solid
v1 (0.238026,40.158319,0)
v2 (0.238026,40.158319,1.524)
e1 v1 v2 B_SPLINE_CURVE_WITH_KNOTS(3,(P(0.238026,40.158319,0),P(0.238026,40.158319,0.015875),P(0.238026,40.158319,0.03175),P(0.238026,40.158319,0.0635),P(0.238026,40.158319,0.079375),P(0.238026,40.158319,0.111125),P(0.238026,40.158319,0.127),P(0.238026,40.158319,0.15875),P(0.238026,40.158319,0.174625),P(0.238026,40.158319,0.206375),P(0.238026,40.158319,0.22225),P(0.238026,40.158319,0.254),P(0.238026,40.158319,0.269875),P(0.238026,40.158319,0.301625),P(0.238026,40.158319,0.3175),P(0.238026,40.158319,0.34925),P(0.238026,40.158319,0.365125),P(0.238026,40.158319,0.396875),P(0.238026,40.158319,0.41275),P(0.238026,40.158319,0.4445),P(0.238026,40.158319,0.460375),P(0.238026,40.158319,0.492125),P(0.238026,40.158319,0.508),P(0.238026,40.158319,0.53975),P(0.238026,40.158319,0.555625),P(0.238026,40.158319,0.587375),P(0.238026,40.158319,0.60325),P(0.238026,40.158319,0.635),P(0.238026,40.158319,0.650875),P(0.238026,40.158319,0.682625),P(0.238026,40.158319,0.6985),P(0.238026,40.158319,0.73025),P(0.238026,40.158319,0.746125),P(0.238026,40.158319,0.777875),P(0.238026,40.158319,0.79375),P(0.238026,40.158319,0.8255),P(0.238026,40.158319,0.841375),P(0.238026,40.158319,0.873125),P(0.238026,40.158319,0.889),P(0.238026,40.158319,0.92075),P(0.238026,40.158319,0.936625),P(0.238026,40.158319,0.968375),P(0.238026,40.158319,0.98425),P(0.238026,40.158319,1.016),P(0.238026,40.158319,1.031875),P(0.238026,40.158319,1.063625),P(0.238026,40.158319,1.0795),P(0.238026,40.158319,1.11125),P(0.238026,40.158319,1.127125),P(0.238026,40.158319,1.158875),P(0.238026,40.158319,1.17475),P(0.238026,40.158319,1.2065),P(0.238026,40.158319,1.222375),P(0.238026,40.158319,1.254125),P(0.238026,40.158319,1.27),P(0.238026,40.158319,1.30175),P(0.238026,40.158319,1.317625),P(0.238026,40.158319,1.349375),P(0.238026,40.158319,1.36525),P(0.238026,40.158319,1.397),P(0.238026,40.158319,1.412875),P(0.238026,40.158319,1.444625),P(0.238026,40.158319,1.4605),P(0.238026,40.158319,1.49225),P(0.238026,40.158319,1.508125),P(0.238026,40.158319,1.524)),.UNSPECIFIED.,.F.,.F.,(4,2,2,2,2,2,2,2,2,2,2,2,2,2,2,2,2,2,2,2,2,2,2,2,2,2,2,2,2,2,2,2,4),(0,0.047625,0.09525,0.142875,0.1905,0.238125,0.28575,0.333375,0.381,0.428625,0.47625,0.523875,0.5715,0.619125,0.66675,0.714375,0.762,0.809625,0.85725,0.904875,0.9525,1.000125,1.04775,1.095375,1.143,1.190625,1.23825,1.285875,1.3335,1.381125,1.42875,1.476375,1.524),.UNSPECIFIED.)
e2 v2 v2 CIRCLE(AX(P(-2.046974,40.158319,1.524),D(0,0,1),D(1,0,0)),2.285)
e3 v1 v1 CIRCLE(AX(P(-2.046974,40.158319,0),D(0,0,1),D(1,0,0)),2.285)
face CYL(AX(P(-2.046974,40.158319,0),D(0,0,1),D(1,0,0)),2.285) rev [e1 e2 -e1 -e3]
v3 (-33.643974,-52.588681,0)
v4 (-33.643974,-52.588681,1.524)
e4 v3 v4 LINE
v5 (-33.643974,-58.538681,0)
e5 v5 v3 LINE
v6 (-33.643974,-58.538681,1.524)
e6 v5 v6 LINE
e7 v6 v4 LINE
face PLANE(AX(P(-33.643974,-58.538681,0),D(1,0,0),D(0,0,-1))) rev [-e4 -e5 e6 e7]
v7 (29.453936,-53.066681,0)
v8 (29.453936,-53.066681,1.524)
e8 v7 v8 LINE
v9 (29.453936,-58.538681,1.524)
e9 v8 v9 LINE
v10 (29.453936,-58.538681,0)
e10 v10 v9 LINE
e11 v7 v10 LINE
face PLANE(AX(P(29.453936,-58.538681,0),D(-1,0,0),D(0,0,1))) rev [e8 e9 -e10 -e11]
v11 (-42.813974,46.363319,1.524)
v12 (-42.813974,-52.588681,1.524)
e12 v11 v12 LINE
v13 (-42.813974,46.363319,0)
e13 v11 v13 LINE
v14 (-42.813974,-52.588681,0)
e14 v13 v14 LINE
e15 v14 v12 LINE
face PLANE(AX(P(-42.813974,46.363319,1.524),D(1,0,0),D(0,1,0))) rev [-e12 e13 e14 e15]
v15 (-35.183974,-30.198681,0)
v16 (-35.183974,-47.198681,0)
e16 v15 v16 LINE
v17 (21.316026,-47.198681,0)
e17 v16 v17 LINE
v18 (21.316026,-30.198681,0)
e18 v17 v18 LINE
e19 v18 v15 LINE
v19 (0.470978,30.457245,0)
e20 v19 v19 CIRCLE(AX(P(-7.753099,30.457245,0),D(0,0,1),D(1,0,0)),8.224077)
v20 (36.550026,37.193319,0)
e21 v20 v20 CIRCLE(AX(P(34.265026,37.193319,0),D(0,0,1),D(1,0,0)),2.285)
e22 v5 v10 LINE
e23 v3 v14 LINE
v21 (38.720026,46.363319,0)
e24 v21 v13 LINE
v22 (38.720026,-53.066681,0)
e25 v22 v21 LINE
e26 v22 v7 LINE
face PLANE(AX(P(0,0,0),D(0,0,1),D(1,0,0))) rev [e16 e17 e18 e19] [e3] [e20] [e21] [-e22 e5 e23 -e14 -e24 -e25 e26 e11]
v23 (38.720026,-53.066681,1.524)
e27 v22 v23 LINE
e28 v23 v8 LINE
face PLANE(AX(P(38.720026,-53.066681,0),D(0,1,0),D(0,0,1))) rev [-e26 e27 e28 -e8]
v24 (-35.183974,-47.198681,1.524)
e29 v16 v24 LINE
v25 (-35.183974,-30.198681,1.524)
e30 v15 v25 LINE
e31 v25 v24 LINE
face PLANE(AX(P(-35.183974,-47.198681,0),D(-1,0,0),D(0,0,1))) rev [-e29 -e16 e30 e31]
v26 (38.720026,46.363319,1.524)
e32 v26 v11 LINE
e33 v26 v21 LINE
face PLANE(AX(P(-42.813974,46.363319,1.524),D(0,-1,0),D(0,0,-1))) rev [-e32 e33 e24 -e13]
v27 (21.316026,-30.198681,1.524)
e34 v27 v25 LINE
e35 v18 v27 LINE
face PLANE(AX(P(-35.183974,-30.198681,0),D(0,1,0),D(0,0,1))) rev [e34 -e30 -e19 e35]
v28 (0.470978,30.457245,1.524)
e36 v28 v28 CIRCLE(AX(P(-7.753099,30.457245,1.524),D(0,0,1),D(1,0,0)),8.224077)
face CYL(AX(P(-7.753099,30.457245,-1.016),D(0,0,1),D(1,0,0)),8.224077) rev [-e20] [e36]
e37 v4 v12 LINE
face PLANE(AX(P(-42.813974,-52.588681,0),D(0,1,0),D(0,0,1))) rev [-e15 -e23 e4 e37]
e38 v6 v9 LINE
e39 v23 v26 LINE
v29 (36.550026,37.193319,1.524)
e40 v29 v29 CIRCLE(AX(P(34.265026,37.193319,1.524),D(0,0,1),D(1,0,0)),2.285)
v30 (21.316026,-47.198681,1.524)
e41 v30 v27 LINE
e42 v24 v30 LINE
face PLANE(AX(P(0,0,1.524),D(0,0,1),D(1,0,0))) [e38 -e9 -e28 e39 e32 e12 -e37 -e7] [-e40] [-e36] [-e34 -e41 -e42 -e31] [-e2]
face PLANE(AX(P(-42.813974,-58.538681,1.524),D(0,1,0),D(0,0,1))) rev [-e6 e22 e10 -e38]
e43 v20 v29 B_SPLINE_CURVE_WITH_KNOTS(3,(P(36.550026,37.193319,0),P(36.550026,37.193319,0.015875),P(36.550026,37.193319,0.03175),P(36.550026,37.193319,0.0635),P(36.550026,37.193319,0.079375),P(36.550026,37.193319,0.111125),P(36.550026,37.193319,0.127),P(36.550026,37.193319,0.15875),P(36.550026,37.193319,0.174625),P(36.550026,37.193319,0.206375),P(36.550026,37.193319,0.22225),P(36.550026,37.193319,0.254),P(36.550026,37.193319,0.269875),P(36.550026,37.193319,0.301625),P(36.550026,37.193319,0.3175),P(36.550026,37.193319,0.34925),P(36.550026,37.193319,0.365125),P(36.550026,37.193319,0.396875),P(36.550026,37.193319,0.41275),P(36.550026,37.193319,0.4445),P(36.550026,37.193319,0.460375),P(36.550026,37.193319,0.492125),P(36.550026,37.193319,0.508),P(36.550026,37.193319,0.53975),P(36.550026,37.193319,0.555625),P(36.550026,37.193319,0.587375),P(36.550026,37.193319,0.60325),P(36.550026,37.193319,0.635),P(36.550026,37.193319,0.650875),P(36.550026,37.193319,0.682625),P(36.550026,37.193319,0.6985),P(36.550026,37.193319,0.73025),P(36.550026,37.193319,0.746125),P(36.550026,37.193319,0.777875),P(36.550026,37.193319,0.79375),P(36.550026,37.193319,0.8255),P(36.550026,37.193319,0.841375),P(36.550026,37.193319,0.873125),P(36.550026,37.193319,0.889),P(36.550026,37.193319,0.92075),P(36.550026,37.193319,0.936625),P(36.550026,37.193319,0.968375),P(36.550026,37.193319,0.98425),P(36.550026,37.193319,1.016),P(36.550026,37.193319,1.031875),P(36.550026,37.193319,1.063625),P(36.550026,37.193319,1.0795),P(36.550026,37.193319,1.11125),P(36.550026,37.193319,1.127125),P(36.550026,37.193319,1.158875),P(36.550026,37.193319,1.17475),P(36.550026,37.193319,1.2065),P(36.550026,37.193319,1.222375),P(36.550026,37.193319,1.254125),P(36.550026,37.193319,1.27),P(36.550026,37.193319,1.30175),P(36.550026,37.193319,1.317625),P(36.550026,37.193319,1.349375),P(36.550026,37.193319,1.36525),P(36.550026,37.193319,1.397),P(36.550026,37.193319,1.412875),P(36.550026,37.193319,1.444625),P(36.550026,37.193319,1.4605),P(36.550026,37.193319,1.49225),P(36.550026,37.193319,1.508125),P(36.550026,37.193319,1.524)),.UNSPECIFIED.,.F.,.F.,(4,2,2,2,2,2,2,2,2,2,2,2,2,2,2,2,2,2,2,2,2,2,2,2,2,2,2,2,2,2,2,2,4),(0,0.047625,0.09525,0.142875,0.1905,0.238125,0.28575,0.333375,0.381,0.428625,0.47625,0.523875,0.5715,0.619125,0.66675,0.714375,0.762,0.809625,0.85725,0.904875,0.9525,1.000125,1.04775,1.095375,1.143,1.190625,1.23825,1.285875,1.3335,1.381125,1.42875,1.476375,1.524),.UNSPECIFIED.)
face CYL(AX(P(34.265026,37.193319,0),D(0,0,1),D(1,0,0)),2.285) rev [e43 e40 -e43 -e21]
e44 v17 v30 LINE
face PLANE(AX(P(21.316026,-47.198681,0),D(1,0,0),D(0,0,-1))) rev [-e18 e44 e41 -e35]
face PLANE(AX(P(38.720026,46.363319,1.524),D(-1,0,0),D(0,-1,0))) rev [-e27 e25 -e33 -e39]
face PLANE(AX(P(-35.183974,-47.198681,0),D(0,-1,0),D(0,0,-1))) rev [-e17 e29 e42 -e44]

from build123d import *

# Parameters (mm, degrees)
SKETCH1_W           = 81.534
SKETCH1_H           = 104.902
BOSS_EXTRUDE1_DEPTH = 1.524
SKETCH2_W           = 9.17
SKETCH2_H           = 5.95
SKETCH2_W_2         = 9.266089767
SKETCH2_H_2         = 5.472
CUT_EXTRUDE1_DEPTH  = 1.524
SKETCH4_W           = 56.5
SKETCH4_H           = 17
CUT_EXTRUDE2_DEPTH  = 1.524
SKETCH6_R           = 2.285
CUT_EXTRUDE3_DEPTH  = 1.524
SKETCH8_R           = 8.224077239
CUT_EXTRUDE4_DEPTH  = 2.54


with BuildPart() as part:
    # Sketch1 → Boss-Extrude1 (new body)
    with BuildSketch(Plane.XY):
        with Locations((-2.046973799, -6.087681223)):
            Rectangle(SKETCH1_W, SKETCH1_H)
    extrude(amount=BOSS_EXTRUDE1_DEPTH)

    # Sketch2 → Cut-Extrude1 (cut)
    with BuildSketch(Plane.XY.offset(1.524)):
        with Locations((-38.228973799, -55.563681223)):
            Rectangle(SKETCH2_W, SKETCH2_H)
        with Locations((34.086981318, -55.802681223)):
            Rectangle(SKETCH2_W_2, SKETCH2_H_2)
    extrude(amount=-CUT_EXTRUDE1_DEPTH, mode=Mode.SUBTRACT)

    # Sketch4 → Cut-Extrude2 (cut)
    with BuildSketch(Plane.XY.offset(1.524)):
        with Locations((-6.933973799, -38.698681223)):
            Rectangle(SKETCH4_W, SKETCH4_H)
    extrude(amount=-CUT_EXTRUDE2_DEPTH, mode=Mode.SUBTRACT)

    # Sketch6 → Cut-Extrude3 (cut)
    with BuildSketch(Plane.XY.offset(1.524)):
        with Locations((-2.046973799, 40.158318777)):
            Circle(SKETCH6_R)
        with Locations((34.265026201, 37.193318777)):
            Circle(SKETCH6_R)
    extrude(amount=-CUT_EXTRUDE3_DEPTH, mode=Mode.SUBTRACT)

    # Sketch8 → Cut-Extrude4 (cut)
    with BuildSketch(Plane.XY.offset(1.524)):
        with Locations((-7.753098943, 30.457244975)):
            Circle(SKETCH8_R)
    extrude(amount=-CUT_EXTRUDE4_DEPTH, mode=Mode.SUBTRACT)


solid = part.part
